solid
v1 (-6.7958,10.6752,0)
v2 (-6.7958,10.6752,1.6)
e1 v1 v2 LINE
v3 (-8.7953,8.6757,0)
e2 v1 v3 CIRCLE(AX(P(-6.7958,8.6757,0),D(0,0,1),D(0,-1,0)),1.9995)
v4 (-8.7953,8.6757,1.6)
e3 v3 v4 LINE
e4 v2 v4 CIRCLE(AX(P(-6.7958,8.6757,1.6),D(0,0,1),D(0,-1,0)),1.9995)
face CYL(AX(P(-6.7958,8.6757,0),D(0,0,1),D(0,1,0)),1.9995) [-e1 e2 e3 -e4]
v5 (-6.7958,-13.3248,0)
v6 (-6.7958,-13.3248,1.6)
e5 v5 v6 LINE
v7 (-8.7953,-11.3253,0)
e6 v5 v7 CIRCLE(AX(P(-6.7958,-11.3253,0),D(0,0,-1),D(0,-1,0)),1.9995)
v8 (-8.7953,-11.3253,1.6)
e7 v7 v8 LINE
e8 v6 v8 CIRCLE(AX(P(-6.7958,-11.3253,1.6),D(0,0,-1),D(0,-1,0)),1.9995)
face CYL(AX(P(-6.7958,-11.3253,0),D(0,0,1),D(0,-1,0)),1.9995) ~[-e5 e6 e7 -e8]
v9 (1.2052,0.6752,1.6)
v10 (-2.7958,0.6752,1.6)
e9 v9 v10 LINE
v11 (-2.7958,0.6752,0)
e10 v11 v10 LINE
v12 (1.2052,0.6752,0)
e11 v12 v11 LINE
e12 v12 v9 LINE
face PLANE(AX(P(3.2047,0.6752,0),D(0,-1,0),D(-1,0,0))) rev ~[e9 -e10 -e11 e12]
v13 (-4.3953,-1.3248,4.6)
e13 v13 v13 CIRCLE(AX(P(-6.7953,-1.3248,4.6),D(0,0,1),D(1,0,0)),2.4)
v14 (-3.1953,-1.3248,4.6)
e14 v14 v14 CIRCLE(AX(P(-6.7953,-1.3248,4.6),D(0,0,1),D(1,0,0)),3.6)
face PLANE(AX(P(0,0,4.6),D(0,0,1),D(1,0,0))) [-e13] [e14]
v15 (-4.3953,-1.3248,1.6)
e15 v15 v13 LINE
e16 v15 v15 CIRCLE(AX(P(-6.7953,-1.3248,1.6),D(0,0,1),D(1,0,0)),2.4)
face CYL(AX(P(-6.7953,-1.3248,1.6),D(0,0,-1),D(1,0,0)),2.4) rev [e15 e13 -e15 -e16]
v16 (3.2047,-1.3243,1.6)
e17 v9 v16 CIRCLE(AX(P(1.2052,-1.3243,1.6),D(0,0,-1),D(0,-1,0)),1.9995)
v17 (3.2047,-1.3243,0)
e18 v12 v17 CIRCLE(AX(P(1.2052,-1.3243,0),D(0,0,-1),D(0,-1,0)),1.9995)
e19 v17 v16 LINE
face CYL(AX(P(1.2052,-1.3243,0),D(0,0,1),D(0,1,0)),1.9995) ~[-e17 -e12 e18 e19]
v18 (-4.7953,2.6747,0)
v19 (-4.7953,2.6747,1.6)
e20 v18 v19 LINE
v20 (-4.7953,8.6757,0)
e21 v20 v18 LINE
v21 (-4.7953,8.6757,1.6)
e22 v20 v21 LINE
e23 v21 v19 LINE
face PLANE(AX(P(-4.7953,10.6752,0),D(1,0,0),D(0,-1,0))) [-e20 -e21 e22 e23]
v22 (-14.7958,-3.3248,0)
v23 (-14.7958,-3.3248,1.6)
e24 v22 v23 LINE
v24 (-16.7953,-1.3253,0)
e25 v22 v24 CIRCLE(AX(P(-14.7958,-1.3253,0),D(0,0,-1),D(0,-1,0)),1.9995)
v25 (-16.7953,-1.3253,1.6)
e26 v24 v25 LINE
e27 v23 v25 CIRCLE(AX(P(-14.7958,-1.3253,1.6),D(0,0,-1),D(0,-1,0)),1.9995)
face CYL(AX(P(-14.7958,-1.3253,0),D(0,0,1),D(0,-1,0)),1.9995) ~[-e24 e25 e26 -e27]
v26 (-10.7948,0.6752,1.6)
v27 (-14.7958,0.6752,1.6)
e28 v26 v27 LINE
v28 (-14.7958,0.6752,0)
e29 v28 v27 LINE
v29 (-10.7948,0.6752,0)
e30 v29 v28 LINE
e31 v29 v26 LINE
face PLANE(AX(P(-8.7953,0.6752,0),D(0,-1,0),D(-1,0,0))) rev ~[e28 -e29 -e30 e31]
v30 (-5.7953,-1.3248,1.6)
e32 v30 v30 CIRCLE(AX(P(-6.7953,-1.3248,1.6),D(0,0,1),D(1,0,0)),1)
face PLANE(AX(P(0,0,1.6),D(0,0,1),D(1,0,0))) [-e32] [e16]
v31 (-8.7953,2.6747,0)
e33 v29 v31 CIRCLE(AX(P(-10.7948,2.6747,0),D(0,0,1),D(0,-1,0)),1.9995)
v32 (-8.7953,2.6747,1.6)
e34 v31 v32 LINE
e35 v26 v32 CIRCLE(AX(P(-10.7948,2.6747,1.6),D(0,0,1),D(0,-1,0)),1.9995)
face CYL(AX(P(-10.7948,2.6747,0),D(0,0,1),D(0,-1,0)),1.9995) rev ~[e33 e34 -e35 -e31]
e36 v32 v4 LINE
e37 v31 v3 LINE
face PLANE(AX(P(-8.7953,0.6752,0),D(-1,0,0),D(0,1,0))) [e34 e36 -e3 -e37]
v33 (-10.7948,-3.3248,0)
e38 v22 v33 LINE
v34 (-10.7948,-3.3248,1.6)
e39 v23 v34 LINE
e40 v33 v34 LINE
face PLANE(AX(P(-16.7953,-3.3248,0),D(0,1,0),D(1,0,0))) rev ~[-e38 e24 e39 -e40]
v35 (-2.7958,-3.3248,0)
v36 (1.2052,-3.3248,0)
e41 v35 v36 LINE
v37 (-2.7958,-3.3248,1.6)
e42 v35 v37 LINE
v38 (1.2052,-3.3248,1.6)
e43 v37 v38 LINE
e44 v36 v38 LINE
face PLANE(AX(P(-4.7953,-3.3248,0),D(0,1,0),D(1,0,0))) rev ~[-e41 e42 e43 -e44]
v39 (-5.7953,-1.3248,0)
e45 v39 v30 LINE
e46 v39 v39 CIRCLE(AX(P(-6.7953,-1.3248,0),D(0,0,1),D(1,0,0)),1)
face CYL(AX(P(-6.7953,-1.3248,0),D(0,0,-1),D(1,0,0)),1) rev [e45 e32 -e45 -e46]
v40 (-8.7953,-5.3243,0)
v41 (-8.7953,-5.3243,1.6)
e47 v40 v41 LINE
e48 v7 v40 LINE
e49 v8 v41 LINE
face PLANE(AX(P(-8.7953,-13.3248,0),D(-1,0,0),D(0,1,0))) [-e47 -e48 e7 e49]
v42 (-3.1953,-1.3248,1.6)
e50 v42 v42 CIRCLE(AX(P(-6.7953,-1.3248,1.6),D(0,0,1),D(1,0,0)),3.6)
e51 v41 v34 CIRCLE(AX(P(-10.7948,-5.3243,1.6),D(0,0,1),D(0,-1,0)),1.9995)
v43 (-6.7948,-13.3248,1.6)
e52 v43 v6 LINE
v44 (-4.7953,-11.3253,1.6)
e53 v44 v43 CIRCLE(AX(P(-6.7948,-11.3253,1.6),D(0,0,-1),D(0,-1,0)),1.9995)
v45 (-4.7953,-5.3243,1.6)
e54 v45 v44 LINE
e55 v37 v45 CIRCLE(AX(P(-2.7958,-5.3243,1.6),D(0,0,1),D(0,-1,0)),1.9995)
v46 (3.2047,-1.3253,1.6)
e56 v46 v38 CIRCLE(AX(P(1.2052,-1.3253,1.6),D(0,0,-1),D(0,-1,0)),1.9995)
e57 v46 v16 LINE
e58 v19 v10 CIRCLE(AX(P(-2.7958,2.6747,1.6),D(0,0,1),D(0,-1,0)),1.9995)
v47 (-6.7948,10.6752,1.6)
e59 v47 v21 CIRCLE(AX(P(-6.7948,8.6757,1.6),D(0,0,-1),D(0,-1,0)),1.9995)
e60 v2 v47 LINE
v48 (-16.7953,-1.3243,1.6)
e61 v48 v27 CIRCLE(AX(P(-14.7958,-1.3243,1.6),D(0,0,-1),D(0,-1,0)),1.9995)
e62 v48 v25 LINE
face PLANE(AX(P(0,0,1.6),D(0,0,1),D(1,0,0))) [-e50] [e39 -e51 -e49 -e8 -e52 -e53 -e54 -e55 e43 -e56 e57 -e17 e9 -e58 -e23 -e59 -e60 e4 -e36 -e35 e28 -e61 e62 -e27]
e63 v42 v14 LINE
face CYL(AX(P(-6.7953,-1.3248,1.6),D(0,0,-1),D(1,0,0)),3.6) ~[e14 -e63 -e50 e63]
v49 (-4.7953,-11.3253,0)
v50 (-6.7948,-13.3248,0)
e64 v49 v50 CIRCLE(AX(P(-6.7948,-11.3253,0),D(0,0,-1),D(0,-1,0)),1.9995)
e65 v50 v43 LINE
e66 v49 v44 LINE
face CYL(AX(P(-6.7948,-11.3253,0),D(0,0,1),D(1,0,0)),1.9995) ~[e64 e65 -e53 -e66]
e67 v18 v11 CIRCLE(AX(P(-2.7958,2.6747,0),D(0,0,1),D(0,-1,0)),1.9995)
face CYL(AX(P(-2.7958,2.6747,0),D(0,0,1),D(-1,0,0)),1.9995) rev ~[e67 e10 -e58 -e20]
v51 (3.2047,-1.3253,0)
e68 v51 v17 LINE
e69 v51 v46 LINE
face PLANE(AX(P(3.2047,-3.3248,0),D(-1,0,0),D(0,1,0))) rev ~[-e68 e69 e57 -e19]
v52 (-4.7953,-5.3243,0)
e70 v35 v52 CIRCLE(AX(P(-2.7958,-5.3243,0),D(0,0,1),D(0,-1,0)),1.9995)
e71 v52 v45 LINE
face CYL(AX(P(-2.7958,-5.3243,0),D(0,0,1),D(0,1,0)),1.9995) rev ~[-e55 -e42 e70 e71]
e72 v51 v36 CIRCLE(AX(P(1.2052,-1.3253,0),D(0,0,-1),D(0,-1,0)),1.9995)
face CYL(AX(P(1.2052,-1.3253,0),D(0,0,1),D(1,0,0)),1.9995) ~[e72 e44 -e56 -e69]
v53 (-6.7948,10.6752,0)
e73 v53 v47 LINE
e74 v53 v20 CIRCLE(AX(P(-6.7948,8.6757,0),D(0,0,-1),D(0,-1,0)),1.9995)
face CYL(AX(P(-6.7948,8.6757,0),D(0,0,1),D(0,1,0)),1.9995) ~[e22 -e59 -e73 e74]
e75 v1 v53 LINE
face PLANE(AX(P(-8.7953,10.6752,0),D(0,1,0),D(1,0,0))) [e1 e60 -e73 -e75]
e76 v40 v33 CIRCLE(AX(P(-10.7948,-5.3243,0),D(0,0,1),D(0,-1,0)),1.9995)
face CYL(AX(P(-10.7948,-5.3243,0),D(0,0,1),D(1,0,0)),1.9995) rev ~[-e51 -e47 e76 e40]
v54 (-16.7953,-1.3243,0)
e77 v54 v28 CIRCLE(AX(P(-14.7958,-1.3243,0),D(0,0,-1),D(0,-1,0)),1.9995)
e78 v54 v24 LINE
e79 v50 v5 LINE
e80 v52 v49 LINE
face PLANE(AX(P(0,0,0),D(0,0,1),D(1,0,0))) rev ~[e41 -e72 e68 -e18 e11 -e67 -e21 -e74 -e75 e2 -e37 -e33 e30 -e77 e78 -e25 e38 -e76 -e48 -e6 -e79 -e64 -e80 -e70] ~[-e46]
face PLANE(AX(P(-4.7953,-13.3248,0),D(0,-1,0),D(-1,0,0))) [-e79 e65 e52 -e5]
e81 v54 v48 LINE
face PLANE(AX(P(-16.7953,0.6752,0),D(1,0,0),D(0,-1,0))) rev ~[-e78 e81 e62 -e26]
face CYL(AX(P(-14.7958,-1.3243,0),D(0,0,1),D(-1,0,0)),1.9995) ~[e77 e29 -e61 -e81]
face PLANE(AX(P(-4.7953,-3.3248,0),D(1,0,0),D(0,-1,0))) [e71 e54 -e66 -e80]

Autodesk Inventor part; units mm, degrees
ref_plane "YZ Plane" through (0, 0, 0) normal (1, 0, 0) x (0, 1, 0)
ref_plane "XZ Plane" through (0, 0, 0) normal (0, 1, 0) x (-1, 0, 0)
ref_plane "XY Plane" through (0, 0, 0) normal (0, 0, 1) x (1, 0, 0)
sketch "Esquisse1" plane through (0, 0, 0) normal (0, 0, 1) x (1, 0, 0)
  line L0 (-8.7953, 10.6752) -> (-4.7953, 10.6752)
  line L1 (-4.7953, -13.3248) -> (-8.7953, -13.3248)
  line L2 (3.2047, -3.3248) -> (3.2047, 0.6752)
  line L3 (-16.7953, 0.6752) -> (-16.7953, -3.3248)
  line L4 (3.2047, 0.6752) -> (-4.7953, 0.6752)
  line L5 (-8.7953, 0.6752) -> (-16.7953, 0.6752)
  line L6 (-4.7953, 10.6752) -> (-4.7953, 0.6752)
  line L7 (-4.7953, -3.3248) -> (-4.7953, -13.3248)
  line L8 (-16.7953, -3.3248) -> (-8.7953, -3.3248)
  line L9 (-4.7953, -3.3248) -> (3.2047, -3.3248)
  line L10 (-8.7953, -13.3248) -> (-8.7953, -3.3248)
  line L11 (-8.7953, 0.6752) -> (-8.7953, 10.6752)
  line L12 (-8.7953, 0.6752) -> (-4.7953, -3.3248) construction
  line L13 (-8.7953, -3.3248) -> (-4.7953, 0.6752) construction
  circle A0 centre (-6.7953, -1.3248) radius 1
  dimension "d0" = 10
  dimension "d1" = 8
  dimension "d2" = 4
  dimension "d5" = 2
extrude "Extrusion2" add sketch "Esquisse1" along normal blind 1.6
fillet "Congé1" radius 2 12 edges at (-8.7953, 0.6752, 0.8) (-8.7953, -3.3248, 0.8) (-16.7953, -3.3248, 0.8) (-16.7953, 0.6752, 0.8) (-8.7953, 10.6752, 0.8) (-4.7953, 10.6752, 0.8) (-4.7953, 0.6752, 0.8) (3.2047, 0.6752, 0.8) (3.2047, -3.3248, 0.8) (-4.7953, -3.3248, 0.8) (-4.7953, -13.3248, 0.8) (-8.7953, -13.3248, 0.8)
sketch "Esquisse2" plane through (0, 0, 1.6) normal (0, 0, 1) x (1, 0, 0)
  circle A0 centre (-6.7953, -1.3248) radius 1 construction
  circle A1 centre (-6.7953, -1.3248) radius 3.6
  circle A2 centre (-6.7953, -1.3248) radius 2.4
  point P0 (0, 0)
  dimension "d8" = 1.2
  dimension "d9" = 7.2
extrude "Extrusion3" add sketch "Esquisse2" along normal blind 3
properties part number "CoronaArm"
